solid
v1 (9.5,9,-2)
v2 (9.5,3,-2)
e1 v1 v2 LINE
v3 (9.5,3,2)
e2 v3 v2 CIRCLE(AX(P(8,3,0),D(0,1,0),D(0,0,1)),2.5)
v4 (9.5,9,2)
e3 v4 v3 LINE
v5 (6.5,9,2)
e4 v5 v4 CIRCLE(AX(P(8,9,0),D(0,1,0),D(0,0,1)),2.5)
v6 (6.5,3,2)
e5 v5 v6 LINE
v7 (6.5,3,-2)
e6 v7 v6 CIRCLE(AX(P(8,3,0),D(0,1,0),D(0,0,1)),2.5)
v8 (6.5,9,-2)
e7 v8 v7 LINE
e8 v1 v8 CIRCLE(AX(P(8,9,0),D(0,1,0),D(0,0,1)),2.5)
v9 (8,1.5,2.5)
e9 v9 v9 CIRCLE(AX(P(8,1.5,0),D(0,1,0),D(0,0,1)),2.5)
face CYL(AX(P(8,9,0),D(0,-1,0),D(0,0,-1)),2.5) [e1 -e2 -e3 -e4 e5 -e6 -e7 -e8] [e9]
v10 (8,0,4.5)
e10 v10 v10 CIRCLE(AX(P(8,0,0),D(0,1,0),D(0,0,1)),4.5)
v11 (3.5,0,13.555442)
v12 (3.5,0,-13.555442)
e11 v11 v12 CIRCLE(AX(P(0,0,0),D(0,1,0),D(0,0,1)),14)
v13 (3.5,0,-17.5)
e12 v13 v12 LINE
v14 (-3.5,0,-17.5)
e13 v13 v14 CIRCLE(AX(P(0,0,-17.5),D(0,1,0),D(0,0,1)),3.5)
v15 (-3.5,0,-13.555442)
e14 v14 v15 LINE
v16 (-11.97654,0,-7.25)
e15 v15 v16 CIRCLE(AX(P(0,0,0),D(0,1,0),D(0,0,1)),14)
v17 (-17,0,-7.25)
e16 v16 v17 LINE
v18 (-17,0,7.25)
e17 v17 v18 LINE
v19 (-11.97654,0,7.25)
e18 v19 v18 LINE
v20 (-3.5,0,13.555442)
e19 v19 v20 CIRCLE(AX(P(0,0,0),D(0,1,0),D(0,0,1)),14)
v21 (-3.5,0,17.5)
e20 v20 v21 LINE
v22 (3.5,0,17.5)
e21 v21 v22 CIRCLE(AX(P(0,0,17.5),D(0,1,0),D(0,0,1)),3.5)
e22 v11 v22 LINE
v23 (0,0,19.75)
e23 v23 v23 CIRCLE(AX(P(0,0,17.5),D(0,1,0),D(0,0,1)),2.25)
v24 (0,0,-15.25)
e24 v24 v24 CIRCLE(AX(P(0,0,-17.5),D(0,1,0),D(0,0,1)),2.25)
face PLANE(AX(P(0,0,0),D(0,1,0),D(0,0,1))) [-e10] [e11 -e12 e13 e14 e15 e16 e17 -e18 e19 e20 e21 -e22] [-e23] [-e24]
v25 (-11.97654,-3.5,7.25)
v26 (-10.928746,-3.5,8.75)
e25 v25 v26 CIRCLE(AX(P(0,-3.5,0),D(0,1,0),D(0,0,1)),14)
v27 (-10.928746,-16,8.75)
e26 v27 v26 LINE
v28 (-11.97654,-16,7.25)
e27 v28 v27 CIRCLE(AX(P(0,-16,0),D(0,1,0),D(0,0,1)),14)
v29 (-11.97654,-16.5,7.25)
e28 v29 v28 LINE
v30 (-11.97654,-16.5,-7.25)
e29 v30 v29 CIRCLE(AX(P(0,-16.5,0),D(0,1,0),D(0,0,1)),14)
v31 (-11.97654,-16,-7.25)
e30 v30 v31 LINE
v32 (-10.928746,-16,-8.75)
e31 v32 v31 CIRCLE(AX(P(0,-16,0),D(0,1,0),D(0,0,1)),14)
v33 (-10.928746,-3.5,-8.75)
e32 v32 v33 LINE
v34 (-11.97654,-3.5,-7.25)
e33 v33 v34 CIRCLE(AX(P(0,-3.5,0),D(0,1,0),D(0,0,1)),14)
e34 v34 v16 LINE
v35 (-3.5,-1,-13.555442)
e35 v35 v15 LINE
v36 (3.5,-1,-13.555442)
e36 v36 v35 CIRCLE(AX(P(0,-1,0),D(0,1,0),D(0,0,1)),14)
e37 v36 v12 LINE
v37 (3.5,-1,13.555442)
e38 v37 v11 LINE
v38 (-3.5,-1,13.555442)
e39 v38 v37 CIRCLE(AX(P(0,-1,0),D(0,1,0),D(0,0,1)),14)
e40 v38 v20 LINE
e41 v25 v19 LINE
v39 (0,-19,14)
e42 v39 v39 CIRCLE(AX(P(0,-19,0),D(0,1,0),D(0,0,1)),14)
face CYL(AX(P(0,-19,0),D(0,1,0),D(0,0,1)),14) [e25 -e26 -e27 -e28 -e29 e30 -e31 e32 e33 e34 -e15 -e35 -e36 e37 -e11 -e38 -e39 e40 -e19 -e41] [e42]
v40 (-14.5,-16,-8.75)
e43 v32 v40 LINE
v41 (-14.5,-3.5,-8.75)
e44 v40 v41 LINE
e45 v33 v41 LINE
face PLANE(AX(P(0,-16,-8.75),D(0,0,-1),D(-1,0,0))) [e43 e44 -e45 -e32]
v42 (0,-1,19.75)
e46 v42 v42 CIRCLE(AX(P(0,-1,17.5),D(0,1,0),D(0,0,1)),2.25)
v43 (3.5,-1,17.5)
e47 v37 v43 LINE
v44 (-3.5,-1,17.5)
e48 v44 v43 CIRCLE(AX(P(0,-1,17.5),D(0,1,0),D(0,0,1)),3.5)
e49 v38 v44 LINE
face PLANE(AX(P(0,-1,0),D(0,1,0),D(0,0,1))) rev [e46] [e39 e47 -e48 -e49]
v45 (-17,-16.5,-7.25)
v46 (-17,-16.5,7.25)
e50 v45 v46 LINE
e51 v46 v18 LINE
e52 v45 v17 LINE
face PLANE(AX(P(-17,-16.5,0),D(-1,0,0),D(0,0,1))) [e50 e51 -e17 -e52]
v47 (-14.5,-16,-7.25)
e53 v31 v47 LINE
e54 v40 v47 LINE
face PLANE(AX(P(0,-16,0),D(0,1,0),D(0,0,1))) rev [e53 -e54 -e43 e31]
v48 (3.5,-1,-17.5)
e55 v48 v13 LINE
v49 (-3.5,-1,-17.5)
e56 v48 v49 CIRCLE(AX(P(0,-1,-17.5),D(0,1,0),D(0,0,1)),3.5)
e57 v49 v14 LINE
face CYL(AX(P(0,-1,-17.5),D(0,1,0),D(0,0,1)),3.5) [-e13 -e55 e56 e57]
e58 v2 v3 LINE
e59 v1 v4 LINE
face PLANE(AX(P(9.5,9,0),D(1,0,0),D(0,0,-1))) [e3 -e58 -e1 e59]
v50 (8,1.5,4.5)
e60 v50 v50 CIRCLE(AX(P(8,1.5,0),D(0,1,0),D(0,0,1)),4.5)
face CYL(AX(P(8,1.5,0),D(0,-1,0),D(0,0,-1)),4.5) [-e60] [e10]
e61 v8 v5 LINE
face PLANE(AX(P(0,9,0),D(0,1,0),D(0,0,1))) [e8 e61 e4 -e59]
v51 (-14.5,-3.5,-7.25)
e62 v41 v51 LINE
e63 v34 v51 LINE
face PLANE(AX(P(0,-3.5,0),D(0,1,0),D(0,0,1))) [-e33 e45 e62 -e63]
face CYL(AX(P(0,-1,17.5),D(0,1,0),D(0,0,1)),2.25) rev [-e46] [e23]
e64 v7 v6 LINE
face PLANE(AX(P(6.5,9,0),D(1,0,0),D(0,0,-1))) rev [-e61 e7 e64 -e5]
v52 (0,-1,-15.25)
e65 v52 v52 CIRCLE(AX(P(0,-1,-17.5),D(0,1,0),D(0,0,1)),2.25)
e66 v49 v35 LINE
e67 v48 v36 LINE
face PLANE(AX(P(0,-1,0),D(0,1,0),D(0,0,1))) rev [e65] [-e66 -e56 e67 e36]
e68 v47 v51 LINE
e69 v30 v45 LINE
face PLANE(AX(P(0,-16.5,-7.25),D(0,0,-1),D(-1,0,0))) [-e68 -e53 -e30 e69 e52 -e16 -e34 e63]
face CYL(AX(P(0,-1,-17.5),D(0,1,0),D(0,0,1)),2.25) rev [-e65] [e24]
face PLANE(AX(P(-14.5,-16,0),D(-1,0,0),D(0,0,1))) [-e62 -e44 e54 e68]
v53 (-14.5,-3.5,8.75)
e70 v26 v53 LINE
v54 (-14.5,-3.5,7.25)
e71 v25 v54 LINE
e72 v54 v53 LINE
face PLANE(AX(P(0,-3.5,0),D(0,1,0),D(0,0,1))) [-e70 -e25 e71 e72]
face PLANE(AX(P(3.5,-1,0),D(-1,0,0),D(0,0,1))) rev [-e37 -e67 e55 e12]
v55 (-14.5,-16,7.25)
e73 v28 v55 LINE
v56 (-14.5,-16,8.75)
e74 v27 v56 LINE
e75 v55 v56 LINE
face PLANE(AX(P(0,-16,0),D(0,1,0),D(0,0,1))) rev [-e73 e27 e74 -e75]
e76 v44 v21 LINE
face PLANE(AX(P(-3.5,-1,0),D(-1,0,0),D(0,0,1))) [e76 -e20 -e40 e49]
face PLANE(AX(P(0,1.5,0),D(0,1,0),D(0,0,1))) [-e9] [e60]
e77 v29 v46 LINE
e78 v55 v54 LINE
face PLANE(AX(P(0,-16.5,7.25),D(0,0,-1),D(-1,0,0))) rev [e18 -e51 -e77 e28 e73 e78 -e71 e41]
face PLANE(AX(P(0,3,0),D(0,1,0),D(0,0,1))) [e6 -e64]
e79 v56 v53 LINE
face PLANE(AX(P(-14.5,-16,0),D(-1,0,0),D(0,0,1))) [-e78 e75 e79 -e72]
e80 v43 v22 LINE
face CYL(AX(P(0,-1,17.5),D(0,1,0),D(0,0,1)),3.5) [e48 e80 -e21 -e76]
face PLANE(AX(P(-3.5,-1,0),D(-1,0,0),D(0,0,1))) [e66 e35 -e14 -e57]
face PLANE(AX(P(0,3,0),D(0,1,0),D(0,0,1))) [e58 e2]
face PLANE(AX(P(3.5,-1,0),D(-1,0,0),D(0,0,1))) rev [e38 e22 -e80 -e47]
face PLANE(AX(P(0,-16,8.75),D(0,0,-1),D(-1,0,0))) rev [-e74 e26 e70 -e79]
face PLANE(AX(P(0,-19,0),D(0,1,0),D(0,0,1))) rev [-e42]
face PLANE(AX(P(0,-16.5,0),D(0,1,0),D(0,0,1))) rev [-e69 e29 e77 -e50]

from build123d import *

# Parameters (mm, degrees)
EXTRUDE_1_DEPTH   = 9
EXTRUDE_2_DEPTH   = 3
EXTRUDE_3_DEPTH   = 1.5
SKETCH_1_7_R      = 2.25
EXTRUDE_4_DEPTH   = 1
EXTRUDE_4_2_DEPTH = 1
SKETCH_1_8_R      = 14
EXTRUDE_5_DEPTH   = 19
EXTRUDE_6_DEPTH   = 16.5
EXTRUDE_START     = -3.5
EXTRUDE_7_DEPTH   = 12.5


with BuildPart() as part:
    # Эскиз1 → Бобышка-Вытянуть1 (new body)
    with BuildSketch(Plane(origin=(0, 0, 0), x_dir=(1, 0, 0), z_dir=(0, 1, 0))):
        with BuildLine():
            ThreePointArc((9.5, 2), (8, 2.5), (6.5, 2))
            Line((6.5, 2), (6.5, -2))
            ThreePointArc((6.5, -2), (8, -2.5), (9.5, -2))
            Line((9.5, -2), (9.5, 2))
        make_face()
    extrude(amount=EXTRUDE_1_DEPTH)

    # Эскиз1<4> → Бобышка-Вытянуть2 (add)
    with BuildSketch(Plane(origin=(0, 0, 0), x_dir=(1, 0, 0), z_dir=(0, 1, 0))):
        with BuildLine():
            Line((6.5, -2), (6.5, 2))
            ThreePointArc((6.5, 2), (5.5, 0), (6.5, -2))
        make_face()
        with BuildLine():
            ThreePointArc((9.5, -2), (10.5, 0), (9.5, 2))
            Line((9.5, 2), (9.5, -2))
        make_face()
    extrude(amount=EXTRUDE_2_DEPTH)

    # Эскиз1<5> → Бобышка-Вытянуть3 (add)
    with BuildSketch(Plane(origin=(0, 0, 0), x_dir=(1, 0, 0), z_dir=(0, 1, 0))):
        with BuildLine():
            ThreePointArc((12.5, 0), (8.000000009, 4.5), (3.5, 1.8e-08))
            ThreePointArc((3.5, 1.8e-08), (7.999999991, -4.5), (12.5, 0))
        make_face()
        with BuildLine():
            ThreePointArc((6.5, -2), (5.5, 0), (6.5, 2))
            ThreePointArc((6.5, 2), (8, 2.5), (9.5, 2))
            ThreePointArc((9.5, 2), (10.236067977, 1.118033989), (10.5, 0))
            ThreePointArc((10.5, 0), (10.236067977, -1.118033989), (9.5, -2))
            ThreePointArc((9.5, -2), (8, -2.5), (6.5, -2))
        make_face(mode=Mode.SUBTRACT)
    extrude(amount=EXTRUDE_3_DEPTH)



with BuildPart() as body_2:
    # Эскиз1<7> → Бобышка-Вытянуть4 (new body)
    with BuildSketch(Plane(origin=(0, 0, 0), x_dir=(1, 0, 0), z_dir=(0, 1, 0))):
        with BuildLine():
            Line((-3.5, 17.5), (-3.5, 13.555441712))
            ThreePointArc((-3.5, 13.555441712), (0, 14), (3.5, 13.555441712))
            Line((3.5, 13.555441712), (3.5, 17.5))
            ThreePointArc((3.5, 17.5), (0, 21), (-3.5, 17.5))
        make_face()
        with Locations((0, 17.5)):
            Circle(SKETCH_1_7_R, mode=Mode.SUBTRACT)
    extrude(amount=-EXTRUDE_4_DEPTH)


with BuildPart() as body_3:
    # Эскиз1<7> → Extrude 4 2 (new body)
    with BuildSketch(Plane(origin=(0, 0, 0), x_dir=(1, 0, 0), z_dir=(0, 1, 0))):
        with BuildLine():
            Line((-3.5, -13.555441712), (-3.5, -17.5))
            ThreePointArc((-3.5, -17.5), (0, -21), (3.5, -17.5))
            Line((3.5, -17.5), (3.5, -13.555441712))
            ThreePointArc((3.5, -13.555441712), (0, -14), (-3.5, -13.555441712))
        make_face()
        with Locations((0, -17.5)):
            Circle(SKETCH_1_7_R, mode=Mode.SUBTRACT)
    extrude(amount=-EXTRUDE_4_2_DEPTH)


with BuildPart() as part_1:
    add(part.part)

    add(body_2.part)  # Бобышка-Вытянуть5 merges body 2

    add(body_3.part)  # Бобышка-Вытянуть5 merges body 3
    # Эскиз1<8> → Бобышка-Вытянуть5 (add)
    with BuildSketch(Plane(origin=(0, 0, 0), x_dir=(1, 0, 0), z_dir=(0, 1, 0))):
        Circle(SKETCH_1_8_R)
    extrude(amount=-EXTRUDE_5_DEPTH)

    # Эскиз1<9> → Бобышка-Вытянуть6 (add)
    with BuildSketch(Plane(origin=(0, 0, 0), x_dir=(1, 0, 0), z_dir=(0, 1, 0))):
        with BuildLine():
            ThreePointArc((-11.976539567, -7.25), (-14, 0), (-11.976539567, 7.25))
            Line((-11.976539567, 7.25), (-17, 7.25))
            Line((-17, 7.25), (-17, -7.25))
            Line((-17, -7.25), (-11.976539567, -7.25))
        make_face()
    extrude(amount=-EXTRUDE_6_DEPTH)

    # Эскиз1<10> → Бобышка-Вытянуть7 (add)
    with BuildSketch(Plane(origin=(0, 0, 0), x_dir=(1, 0, 0), z_dir=(0, 1, 0)).offset(EXTRUDE_START)):
        with BuildLine():
            ThreePointArc((-11.976539567, 7.25), (-11.477174409, 8.017135871), (-10.928746497, 8.75))
            Line((-10.928746497, 8.75), (-14.5, 8.75))
            Line((-14.5, 8.75), (-14.5, 7.25))
            Line((-14.5, 7.25), (-11.976539567, 7.25))
        make_face()
        with BuildLine():
            ThreePointArc((-10.928746497, -8.75), (-11.477174409, -8.017135871), (-11.976539567, -7.25))
            Line((-11.976539567, -7.25), (-14.5, -7.25))
            Line((-14.5, -7.25), (-14.5, -8.75))
            Line((-14.5, -8.75), (-10.928746497, -8.75))
        make_face()
    extrude(amount=-EXTRUDE_7_DEPTH)


solid = part_1.part
